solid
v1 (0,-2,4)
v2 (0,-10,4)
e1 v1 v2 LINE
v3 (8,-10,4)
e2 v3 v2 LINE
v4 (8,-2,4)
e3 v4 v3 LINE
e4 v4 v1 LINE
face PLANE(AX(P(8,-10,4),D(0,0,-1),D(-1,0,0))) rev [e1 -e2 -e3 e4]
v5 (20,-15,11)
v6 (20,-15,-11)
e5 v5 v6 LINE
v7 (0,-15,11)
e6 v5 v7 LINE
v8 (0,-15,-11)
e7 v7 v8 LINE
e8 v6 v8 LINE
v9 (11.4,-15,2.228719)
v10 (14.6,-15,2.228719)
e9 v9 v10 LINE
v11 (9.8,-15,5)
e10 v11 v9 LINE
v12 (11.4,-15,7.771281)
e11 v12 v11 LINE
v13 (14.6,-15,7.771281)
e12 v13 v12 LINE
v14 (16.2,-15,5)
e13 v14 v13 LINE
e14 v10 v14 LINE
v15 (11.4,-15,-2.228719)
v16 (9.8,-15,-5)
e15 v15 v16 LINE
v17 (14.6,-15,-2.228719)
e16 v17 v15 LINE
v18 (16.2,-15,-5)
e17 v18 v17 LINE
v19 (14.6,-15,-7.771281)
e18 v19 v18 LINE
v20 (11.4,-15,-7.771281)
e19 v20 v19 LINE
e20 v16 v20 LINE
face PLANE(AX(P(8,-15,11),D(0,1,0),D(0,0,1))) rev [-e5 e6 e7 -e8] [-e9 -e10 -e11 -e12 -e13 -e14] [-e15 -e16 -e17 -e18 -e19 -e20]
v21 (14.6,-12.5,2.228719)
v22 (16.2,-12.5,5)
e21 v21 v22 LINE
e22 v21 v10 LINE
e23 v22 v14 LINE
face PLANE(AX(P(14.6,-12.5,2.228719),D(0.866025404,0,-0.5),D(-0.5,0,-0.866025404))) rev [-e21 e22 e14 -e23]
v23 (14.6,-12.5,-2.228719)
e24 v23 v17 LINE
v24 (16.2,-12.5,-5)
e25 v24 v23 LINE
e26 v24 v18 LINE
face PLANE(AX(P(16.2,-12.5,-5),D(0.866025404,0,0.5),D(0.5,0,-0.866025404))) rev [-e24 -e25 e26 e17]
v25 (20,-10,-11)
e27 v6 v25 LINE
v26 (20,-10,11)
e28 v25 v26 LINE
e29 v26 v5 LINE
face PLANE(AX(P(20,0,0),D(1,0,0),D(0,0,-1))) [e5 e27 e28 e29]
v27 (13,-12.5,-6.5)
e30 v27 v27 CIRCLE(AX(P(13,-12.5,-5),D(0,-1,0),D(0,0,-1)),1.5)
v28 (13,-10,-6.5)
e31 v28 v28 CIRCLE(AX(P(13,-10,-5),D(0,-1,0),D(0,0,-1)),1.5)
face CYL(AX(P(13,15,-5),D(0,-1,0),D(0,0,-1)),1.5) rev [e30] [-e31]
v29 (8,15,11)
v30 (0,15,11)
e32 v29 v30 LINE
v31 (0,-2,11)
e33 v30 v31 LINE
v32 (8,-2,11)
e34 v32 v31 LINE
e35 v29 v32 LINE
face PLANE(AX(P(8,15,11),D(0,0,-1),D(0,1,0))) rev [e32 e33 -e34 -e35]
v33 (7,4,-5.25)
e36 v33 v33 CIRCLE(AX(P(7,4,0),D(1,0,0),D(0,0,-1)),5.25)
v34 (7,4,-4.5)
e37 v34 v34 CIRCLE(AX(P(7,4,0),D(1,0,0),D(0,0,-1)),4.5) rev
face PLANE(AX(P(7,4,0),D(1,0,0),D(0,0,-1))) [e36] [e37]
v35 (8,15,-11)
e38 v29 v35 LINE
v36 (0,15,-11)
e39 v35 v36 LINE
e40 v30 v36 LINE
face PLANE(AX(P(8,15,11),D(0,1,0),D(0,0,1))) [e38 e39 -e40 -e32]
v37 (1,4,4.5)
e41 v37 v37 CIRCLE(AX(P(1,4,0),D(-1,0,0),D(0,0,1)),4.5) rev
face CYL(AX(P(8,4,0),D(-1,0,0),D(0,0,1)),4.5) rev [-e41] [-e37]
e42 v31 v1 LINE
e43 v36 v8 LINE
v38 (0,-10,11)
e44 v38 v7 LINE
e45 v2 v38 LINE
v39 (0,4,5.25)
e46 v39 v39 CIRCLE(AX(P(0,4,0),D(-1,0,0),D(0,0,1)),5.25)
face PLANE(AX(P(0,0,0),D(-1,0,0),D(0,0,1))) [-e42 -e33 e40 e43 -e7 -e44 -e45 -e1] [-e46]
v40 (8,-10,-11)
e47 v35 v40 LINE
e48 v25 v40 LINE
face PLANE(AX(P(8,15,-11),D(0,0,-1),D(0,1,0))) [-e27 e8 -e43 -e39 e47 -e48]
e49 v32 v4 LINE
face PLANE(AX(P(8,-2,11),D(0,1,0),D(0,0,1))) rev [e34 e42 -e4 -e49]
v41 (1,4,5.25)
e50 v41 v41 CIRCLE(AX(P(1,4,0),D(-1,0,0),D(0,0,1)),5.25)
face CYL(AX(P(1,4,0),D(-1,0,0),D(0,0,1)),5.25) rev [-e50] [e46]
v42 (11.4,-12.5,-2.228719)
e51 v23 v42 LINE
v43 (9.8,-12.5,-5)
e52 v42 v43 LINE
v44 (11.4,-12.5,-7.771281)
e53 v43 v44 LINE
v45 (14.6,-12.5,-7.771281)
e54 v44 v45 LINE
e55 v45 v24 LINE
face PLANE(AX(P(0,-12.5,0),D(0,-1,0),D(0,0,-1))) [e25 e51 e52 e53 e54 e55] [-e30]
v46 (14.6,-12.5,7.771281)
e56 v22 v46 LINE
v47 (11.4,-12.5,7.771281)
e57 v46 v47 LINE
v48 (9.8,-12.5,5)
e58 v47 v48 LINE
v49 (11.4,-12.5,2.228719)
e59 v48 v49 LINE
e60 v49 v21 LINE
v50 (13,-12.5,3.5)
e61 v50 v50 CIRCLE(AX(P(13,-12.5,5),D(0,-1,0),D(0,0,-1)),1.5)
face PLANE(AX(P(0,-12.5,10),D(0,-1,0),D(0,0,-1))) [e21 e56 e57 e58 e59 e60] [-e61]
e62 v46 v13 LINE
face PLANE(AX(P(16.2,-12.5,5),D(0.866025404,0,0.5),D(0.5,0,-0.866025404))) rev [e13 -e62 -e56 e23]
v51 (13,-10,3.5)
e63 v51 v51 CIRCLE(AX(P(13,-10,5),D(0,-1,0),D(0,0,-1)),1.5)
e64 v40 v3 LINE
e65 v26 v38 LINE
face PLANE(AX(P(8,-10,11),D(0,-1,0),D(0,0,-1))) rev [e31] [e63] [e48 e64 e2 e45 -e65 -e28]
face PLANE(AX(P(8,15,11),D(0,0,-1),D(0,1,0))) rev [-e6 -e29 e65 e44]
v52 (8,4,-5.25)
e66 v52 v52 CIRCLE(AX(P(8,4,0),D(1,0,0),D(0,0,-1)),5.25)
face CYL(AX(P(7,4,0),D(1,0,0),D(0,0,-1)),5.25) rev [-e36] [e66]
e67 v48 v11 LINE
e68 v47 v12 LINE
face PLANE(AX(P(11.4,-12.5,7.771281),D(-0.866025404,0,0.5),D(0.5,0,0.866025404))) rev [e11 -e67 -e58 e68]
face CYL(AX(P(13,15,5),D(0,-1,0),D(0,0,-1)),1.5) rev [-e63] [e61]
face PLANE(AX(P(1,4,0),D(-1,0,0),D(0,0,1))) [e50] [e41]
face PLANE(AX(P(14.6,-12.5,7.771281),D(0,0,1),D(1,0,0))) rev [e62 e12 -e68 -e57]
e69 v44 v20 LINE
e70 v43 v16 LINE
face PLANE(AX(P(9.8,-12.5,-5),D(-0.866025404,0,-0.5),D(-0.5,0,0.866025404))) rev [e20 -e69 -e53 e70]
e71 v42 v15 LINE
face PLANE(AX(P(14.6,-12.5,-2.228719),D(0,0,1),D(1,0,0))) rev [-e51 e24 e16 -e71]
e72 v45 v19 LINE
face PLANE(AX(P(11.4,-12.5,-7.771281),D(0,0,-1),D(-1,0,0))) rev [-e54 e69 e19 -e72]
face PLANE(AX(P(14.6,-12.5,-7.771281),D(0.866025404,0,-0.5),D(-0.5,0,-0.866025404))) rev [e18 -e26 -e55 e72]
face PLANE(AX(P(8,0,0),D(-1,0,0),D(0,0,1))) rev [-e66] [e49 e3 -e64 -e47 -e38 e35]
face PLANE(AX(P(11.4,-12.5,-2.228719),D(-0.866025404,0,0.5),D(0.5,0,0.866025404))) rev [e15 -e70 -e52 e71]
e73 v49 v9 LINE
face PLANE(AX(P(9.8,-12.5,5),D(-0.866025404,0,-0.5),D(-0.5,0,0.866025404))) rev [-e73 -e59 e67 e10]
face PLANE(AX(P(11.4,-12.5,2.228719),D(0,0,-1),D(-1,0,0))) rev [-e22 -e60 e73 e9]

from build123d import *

# Parameters (mm, degrees)
SKETCH_1_W             = 22
SKETCH_1_H             = 30
EXTRUDE_1_DEPTH        = 8
SKETCH_2_R             = 4.5
CUT_EXTRUDE_1_DEPTH    = 9
SKETCH_3_W             = 7
SKETCH_3_H             = 8
CUT_EXTRUDE_2_DEPTH    = 9
SKETCH_4_R             = 5.25
CUT_EXTRUDE_3_DEPTH    = 1
SKETCH_5_R             = 5.25
CUT_EXTRUDE_4_DEPTH    = 1
SKETCH_6_W             = 22
SKETCH_6_H             = 5
EXTRUDE_2_DEPTH        = 12
CUT_EXTRUDE_5_DEPTH    = 2.5
PATTERN_LINEAR_1_COUNT = 2
PATTERN_LINEAR_1_PITCH = 10
SKETCH_8_R             = 1.5
CUT_EXTRUDE_6_DEPTH    = 28.5
PATTERN_LINEAR_2_COUNT = 2
PATTERN_LINEAR_2_PITCH = 10


with BuildPart() as part:
    # 草图1 → 凸台-拉伸1 (new body)
    with BuildSketch(Plane(origin=(0, 0, 0), x_dir=(0, 0, -1), z_dir=(1, 0, 0))):
        Rectangle(SKETCH_1_W, SKETCH_1_H)
    extrude(amount=EXTRUDE_1_DEPTH)

    # 草图2 → 切除-拉伸1 (cut, through all)
    with BuildSketch(Plane.ZY):
        with Locations((0, 4)):
            Circle(SKETCH_2_R)
    extrude(amount=-CUT_EXTRUDE_1_DEPTH, mode=Mode.SUBTRACT)

    # 草图3 → 切除-拉伸2 (cut, through all)
    with BuildSketch(Plane.ZY):
        with Locations((7.5, -6)):
            Rectangle(SKETCH_3_W, SKETCH_3_H)
    extrude(amount=-CUT_EXTRUDE_2_DEPTH, mode=Mode.SUBTRACT)

    # 草图4 → 切除-拉伸3 (cut)
    with BuildSketch(Plane.ZY):
        with Locations((0, 4)):
            Circle(SKETCH_4_R)
    extrude(amount=-CUT_EXTRUDE_3_DEPTH, mode=Mode.SUBTRACT)

    # 草图5 → 切除-拉伸4 (cut)
    with BuildSketch(Plane(origin=(8, 0, 0), x_dir=(0, 0, -1), z_dir=(1, 0, 0))):
        with Locations((0, 4)):
            Circle(SKETCH_5_R)
    extrude(amount=-CUT_EXTRUDE_4_DEPTH, mode=Mode.SUBTRACT)

    # 草图6 → 凸台-拉伸2 (add)
    with BuildSketch(Plane(origin=(8, 0, 0), x_dir=(0, 0, -1), z_dir=(1, 0, 0))):
        with Locations((0, -12.5)):
            Rectangle(SKETCH_6_W, SKETCH_6_H)
    extrude(amount=EXTRUDE_2_DEPTH)

    # 草图7 → 切除-拉伸5 (cut)
    with BuildSketch(Plane.XZ.offset(15)):
        Polygon((9.8, -5), (11.4, -7.771281292), (14.6, -7.771281292), (16.2, -5), (14.6, -2.228718708), (11.4, -2.228718708), align=None)
    cut_extrude_5 = extrude(amount=-CUT_EXTRUDE_5_DEPTH, mode=Mode.SUBTRACT)

    # 阵列(线性)1: 切除-拉伸5 ×2
    with Locations(*[(0, 0, i * PATTERN_LINEAR_1_PITCH) for i in range(1, PATTERN_LINEAR_1_COUNT)]):
        add(cut_extrude_5, mode=Mode.SUBTRACT)

    # 草图8 → 切除-拉伸6 (cut, through all)
    with BuildSketch(Plane.XZ.offset(12.5)):
        with Locations((13, 5)):
            Circle(SKETCH_8_R)
    cut_extrude_6 = extrude(amount=-CUT_EXTRUDE_6_DEPTH, mode=Mode.SUBTRACT)

    # 阵列(线性)2: 切除-拉伸6 ×2
    with Locations(*[(0, 0, -i * PATTERN_LINEAR_2_PITCH) for i in range(1, PATTERN_LINEAR_2_COUNT)]):
        add(cut_extrude_6, mode=Mode.SUBTRACT)


solid = part.part
